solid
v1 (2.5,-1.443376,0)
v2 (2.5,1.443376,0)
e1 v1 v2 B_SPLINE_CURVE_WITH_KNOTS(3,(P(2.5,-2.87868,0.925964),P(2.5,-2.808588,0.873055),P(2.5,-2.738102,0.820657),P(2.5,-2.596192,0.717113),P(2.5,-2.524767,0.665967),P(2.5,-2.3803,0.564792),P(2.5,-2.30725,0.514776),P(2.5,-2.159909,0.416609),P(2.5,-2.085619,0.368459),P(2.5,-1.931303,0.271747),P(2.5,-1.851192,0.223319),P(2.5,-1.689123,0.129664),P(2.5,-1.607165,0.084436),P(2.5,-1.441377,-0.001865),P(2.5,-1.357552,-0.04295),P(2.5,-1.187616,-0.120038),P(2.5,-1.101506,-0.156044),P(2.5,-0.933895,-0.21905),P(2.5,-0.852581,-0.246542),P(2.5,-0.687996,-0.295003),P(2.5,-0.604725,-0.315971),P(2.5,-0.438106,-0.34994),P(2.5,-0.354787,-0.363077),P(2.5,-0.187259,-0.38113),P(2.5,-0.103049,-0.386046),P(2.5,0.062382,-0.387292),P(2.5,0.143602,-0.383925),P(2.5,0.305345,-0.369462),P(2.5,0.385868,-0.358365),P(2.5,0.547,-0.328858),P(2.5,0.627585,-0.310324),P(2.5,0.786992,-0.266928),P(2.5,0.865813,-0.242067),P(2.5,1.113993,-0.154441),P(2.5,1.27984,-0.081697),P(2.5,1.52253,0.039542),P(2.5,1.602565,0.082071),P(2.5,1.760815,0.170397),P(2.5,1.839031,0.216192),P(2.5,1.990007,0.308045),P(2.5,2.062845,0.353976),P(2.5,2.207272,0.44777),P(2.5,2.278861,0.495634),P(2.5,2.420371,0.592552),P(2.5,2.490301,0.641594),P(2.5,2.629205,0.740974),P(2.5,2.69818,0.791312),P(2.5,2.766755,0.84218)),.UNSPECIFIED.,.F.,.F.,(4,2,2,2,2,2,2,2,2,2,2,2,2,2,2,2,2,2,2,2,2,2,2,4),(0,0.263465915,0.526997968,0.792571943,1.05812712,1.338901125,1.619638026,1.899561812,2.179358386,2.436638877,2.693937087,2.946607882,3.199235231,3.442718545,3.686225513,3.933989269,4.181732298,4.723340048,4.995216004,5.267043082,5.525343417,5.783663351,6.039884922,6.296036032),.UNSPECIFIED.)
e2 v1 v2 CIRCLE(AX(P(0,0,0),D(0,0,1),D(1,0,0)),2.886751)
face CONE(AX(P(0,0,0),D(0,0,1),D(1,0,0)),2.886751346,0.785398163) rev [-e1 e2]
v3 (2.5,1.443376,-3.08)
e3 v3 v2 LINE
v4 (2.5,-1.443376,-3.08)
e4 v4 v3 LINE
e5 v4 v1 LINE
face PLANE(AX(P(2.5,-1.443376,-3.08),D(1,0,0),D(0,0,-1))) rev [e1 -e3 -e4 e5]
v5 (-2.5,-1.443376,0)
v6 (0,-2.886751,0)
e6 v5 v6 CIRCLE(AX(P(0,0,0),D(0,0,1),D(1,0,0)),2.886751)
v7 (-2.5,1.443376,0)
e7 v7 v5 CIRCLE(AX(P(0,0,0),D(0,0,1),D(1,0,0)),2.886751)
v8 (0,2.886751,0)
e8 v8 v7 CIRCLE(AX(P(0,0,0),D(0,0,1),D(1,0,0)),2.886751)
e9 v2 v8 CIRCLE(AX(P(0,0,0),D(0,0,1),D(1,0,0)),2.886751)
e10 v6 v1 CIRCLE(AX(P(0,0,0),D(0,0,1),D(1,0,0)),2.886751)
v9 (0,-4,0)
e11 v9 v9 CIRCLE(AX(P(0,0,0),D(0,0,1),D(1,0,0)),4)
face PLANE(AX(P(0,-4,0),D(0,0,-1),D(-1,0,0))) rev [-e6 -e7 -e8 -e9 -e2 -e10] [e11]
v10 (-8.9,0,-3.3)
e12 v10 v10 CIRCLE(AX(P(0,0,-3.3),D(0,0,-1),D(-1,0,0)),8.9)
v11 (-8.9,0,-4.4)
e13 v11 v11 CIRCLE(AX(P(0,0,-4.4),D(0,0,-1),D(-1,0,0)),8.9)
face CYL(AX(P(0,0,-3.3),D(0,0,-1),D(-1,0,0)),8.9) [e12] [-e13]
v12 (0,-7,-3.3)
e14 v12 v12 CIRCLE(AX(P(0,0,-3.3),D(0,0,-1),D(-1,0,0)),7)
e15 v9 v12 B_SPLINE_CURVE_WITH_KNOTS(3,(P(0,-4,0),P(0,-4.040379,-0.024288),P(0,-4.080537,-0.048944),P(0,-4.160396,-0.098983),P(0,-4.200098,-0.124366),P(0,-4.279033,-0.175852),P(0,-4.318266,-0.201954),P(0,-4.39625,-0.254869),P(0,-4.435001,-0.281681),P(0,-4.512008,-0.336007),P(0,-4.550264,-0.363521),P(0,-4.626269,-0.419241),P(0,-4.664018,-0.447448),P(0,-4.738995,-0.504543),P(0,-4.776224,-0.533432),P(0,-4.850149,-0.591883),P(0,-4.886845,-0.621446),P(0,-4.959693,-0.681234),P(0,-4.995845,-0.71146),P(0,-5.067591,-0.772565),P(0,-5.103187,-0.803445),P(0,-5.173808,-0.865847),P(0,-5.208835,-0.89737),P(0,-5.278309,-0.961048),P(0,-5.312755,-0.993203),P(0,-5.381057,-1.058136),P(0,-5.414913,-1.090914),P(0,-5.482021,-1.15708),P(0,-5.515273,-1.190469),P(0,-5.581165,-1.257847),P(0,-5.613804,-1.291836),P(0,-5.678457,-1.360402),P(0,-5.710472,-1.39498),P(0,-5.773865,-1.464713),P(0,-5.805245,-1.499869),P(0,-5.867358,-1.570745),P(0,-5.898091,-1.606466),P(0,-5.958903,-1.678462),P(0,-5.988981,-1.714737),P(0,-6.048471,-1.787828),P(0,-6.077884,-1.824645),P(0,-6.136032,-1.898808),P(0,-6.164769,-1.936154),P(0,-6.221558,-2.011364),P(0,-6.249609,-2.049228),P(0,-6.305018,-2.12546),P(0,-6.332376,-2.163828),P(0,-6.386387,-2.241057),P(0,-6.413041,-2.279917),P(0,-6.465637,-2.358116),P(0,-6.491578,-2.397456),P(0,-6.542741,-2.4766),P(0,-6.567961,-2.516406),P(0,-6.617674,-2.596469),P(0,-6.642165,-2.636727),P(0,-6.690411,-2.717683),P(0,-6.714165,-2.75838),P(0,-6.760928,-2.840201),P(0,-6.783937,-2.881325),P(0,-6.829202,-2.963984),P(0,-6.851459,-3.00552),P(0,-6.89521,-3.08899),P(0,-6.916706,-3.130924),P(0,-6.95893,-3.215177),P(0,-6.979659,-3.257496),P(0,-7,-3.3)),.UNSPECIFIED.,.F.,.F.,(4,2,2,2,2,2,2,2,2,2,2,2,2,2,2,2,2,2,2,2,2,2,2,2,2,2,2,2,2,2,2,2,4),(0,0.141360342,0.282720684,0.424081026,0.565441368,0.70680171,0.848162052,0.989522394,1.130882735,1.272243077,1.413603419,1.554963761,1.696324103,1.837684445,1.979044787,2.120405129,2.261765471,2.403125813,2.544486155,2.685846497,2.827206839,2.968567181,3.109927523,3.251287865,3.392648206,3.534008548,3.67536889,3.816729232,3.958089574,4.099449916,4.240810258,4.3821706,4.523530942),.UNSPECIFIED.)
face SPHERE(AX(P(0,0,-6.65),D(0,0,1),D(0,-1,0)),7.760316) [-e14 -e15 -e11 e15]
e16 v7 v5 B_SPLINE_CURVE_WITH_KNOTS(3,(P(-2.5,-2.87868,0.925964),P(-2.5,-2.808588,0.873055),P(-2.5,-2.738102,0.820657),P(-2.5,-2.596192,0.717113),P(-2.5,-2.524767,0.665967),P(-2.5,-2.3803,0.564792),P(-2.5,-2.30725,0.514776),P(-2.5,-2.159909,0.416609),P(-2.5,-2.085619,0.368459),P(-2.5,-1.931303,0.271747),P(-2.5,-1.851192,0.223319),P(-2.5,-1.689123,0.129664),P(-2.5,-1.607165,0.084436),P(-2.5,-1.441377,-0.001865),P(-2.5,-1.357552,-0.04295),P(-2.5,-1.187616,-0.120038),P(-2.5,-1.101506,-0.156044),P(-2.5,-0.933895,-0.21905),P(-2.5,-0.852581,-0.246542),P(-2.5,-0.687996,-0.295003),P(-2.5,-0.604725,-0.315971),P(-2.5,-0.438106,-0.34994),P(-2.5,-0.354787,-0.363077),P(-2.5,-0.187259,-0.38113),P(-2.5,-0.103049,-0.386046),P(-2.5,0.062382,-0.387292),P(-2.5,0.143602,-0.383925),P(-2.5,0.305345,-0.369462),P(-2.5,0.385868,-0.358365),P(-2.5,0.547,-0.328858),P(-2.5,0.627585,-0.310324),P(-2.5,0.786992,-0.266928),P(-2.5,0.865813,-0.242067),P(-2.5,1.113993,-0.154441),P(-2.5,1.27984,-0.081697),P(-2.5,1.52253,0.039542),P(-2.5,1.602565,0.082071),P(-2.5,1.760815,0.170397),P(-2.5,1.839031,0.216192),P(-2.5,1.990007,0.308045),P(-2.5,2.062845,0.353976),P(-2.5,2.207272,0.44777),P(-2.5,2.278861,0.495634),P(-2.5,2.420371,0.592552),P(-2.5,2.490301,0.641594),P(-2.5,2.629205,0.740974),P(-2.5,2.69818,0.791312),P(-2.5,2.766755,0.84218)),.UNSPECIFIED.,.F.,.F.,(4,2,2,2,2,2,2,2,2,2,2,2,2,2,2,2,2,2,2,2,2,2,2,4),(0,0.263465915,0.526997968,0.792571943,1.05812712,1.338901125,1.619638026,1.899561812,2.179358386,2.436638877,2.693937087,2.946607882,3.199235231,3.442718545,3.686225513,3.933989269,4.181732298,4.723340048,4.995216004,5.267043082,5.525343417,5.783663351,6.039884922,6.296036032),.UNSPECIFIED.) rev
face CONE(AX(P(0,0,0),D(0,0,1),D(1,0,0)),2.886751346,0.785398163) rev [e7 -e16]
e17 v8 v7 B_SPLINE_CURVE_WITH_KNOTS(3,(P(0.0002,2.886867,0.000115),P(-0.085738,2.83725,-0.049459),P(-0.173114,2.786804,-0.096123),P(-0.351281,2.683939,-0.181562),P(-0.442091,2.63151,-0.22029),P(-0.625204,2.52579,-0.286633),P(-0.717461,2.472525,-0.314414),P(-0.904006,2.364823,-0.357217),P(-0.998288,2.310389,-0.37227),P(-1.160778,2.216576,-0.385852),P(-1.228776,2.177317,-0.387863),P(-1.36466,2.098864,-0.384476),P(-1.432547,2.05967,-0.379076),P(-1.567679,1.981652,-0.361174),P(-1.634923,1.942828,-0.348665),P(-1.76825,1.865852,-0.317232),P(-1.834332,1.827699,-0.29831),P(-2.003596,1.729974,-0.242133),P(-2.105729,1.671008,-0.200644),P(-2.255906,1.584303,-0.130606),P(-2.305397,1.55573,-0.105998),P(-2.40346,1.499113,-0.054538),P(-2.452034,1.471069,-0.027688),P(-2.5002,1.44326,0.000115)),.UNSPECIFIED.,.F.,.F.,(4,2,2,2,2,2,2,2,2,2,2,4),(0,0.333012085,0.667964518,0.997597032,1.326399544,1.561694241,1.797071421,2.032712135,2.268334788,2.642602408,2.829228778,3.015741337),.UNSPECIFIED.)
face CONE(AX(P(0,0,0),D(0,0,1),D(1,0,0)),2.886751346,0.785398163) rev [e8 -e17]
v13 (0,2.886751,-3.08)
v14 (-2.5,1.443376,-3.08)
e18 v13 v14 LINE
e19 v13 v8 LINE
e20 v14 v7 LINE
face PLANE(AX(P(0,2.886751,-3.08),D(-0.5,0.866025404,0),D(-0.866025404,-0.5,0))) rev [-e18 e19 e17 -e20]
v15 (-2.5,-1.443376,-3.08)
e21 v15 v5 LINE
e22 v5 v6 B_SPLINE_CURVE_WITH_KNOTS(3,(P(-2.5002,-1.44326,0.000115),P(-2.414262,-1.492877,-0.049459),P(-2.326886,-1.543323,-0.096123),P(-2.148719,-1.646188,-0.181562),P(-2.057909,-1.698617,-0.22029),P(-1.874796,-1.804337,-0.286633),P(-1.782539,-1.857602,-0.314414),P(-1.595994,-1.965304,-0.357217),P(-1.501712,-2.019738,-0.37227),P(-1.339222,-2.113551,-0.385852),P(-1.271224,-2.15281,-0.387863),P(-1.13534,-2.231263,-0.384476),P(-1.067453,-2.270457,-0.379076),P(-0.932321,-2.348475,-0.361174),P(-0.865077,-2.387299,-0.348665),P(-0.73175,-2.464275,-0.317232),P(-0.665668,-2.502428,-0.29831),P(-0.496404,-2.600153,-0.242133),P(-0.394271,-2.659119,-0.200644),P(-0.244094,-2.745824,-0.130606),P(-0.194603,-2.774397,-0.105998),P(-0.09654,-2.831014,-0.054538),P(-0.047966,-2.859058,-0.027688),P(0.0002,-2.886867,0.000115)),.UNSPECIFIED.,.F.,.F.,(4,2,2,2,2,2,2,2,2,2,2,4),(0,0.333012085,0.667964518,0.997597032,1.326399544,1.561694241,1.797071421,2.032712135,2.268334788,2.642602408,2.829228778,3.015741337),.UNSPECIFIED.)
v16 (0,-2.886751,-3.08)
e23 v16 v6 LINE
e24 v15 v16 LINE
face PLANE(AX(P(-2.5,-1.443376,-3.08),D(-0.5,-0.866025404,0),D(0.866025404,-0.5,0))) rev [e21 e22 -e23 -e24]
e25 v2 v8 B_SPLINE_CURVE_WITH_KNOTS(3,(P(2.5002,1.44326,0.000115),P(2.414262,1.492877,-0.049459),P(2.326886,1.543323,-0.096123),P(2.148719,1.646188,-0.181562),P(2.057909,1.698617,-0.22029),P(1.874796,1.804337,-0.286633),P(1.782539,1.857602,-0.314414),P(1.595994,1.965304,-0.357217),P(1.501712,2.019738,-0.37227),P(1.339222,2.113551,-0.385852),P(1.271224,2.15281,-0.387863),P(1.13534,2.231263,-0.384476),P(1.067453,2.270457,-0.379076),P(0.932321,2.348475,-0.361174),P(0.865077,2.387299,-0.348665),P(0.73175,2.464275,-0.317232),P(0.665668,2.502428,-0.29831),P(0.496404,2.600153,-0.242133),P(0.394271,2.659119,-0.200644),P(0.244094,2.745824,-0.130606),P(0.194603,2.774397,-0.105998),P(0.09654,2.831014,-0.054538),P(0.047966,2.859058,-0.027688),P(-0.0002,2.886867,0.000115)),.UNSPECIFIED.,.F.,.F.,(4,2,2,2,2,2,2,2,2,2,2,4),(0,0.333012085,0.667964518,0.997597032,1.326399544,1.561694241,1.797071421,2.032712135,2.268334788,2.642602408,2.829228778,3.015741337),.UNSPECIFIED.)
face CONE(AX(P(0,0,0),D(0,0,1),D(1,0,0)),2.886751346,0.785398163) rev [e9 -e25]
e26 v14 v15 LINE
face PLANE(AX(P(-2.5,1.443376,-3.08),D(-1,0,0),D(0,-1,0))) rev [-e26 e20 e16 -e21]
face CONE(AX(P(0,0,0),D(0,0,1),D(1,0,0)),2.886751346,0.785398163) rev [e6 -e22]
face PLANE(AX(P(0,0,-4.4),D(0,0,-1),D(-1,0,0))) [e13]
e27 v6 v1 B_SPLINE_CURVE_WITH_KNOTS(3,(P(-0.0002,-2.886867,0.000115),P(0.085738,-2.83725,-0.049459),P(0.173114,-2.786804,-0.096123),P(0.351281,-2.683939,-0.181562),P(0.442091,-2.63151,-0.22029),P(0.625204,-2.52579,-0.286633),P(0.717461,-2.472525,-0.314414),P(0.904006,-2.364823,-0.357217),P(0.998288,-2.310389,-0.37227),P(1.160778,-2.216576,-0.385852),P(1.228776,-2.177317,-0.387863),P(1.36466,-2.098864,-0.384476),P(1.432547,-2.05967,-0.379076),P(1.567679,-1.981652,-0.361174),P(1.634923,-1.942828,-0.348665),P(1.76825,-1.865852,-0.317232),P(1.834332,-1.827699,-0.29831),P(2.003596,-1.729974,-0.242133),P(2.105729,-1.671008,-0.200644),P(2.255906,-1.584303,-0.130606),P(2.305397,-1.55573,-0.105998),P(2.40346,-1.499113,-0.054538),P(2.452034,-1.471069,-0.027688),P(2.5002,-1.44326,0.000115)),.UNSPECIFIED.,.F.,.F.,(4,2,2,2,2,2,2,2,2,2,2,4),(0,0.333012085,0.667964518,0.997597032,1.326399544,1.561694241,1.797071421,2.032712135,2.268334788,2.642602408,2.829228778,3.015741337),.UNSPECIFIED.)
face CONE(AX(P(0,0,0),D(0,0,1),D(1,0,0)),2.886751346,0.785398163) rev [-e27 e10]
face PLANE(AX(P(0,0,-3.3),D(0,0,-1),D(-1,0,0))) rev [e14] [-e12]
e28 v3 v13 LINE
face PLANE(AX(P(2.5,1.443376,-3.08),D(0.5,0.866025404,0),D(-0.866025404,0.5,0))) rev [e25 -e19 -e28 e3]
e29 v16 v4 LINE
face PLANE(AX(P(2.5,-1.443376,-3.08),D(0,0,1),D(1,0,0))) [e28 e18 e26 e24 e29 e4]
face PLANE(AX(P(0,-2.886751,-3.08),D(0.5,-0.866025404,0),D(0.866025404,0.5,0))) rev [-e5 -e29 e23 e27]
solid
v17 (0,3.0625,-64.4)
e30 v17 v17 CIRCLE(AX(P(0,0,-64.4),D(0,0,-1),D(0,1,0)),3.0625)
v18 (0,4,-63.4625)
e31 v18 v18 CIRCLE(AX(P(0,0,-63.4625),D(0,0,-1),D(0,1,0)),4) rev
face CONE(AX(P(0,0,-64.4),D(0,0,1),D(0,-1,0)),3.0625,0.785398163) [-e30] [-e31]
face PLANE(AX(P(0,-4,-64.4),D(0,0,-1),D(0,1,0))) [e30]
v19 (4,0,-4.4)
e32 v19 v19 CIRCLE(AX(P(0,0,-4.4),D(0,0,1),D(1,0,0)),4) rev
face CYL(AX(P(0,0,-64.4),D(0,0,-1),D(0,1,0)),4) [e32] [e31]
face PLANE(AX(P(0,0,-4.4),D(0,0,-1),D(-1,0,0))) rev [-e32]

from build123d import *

# Parameters (mm, degrees)
SKETCH1_W           = 60
SKETCH1_H           = 4
CHAMFER1_SIZE       = 0.9375
SKETCH11_R          = 8.9
BOSS_EXTRUDE3_DEPTH = 1.1
CUT_EXTRUDE2_DEPTH  = 3.08


with BuildPart() as part:
    # Sketch1 → Revolve1 (revolve)
    with BuildSketch(Plane(origin=(0, 0, 0), x_dir=(0, 0, -1), z_dir=(1, 0, 0))):
        with Locations((34.4, 2)):
            Rectangle(SKETCH1_W, SKETCH1_H)
    revolve(axis=Axis((0, 0, -64.4), (0, 0, 1)))

    # Chamfer1
    chamfer1_edges = [part.edges().sort_by_distance(p)[0] for p in [
        (0, -4, -64.4),
    ]]
    chamfer(chamfer1_edges, length=CHAMFER1_SIZE)

    # Sketch7 → Revolve2 (revolve)
    with BuildSketch(Plane(origin=(0, 0, 0), x_dir=(0, 0, -1), z_dir=(1, 0, 0)), mode=Mode.PRIVATE) as revolve2_sk:
        with BuildLine():
            Line((3.3, 7), (4.4, 7))
            Line((4.4, 7), (4.4, 0))
            Line((4.4, 0), (0, 0))
            Line((0, 0), (0, 4))
            ThreePointArc((0, 4), (1.429846746, 5.74216858), (3.3, 7))
        make_face()
    revolve(revolve2_sk.sketch.rotate(Axis((0, 0, 0), (0, 0, -1)), 180), axis=Axis((0, 0, 0), (0, 0, -1)))

    # Sketch11 → Boss-Extrude3 (add)
    with BuildSketch(Plane(origin=(0, 0, -4.4), x_dir=(-1, 0, 0), z_dir=(0, 0, -1))):
        Circle(SKETCH11_R)
    extrude(amount=-BOSS_EXTRUDE3_DEPTH)

    # Sketch5 → Cut-Extrude2 (cut)
    with BuildSketch(Plane.XY):
        Polygon((2.5, -1.443375673), (2.5, 1.443375673), (0, 2.886751346), (-2.5, 1.443375673), (-2.5, -1.443375673), (0, -2.886751346), align=None)
    extrude(amount=-CUT_EXTRUDE2_DEPTH, mode=Mode.SUBTRACT)

    # Cut-Extrude3 cone 1 section (through the dimple's axis) → Cut-Extrude3 (revolve, cut)
    with BuildSketch(Plane(origin=(0, 0, 0), x_dir=(0, -1, 0), z_dir=(1, 0, 0))):
        Polygon((0, 0), (2.886751346, 0), (0, 2.886751346), align=None)
    revolve(axis=Axis((0, 0, 0), (0, 0, -1)), mode=Mode.SUBTRACT)


with BuildPart() as body_2:
    # Split1: the piece on the far side of the plane
    add(part.part)
    split(bisect_by=Plane(origin=(0, 0, -4.4), x_dir=(-1, 0, 0), z_dir=(0, 0, -1)), keep=Keep.BOTTOM)


with BuildPart() as part_1:
    add(part.part)

    # Split1
    split(bisect_by=Plane(origin=(0, 0, -4.4), x_dir=(-1, 0, 0), z_dir=(0, 0, -1)), keep=Keep.TOP)


solid = Compound([body_2.part, part_1.part])
